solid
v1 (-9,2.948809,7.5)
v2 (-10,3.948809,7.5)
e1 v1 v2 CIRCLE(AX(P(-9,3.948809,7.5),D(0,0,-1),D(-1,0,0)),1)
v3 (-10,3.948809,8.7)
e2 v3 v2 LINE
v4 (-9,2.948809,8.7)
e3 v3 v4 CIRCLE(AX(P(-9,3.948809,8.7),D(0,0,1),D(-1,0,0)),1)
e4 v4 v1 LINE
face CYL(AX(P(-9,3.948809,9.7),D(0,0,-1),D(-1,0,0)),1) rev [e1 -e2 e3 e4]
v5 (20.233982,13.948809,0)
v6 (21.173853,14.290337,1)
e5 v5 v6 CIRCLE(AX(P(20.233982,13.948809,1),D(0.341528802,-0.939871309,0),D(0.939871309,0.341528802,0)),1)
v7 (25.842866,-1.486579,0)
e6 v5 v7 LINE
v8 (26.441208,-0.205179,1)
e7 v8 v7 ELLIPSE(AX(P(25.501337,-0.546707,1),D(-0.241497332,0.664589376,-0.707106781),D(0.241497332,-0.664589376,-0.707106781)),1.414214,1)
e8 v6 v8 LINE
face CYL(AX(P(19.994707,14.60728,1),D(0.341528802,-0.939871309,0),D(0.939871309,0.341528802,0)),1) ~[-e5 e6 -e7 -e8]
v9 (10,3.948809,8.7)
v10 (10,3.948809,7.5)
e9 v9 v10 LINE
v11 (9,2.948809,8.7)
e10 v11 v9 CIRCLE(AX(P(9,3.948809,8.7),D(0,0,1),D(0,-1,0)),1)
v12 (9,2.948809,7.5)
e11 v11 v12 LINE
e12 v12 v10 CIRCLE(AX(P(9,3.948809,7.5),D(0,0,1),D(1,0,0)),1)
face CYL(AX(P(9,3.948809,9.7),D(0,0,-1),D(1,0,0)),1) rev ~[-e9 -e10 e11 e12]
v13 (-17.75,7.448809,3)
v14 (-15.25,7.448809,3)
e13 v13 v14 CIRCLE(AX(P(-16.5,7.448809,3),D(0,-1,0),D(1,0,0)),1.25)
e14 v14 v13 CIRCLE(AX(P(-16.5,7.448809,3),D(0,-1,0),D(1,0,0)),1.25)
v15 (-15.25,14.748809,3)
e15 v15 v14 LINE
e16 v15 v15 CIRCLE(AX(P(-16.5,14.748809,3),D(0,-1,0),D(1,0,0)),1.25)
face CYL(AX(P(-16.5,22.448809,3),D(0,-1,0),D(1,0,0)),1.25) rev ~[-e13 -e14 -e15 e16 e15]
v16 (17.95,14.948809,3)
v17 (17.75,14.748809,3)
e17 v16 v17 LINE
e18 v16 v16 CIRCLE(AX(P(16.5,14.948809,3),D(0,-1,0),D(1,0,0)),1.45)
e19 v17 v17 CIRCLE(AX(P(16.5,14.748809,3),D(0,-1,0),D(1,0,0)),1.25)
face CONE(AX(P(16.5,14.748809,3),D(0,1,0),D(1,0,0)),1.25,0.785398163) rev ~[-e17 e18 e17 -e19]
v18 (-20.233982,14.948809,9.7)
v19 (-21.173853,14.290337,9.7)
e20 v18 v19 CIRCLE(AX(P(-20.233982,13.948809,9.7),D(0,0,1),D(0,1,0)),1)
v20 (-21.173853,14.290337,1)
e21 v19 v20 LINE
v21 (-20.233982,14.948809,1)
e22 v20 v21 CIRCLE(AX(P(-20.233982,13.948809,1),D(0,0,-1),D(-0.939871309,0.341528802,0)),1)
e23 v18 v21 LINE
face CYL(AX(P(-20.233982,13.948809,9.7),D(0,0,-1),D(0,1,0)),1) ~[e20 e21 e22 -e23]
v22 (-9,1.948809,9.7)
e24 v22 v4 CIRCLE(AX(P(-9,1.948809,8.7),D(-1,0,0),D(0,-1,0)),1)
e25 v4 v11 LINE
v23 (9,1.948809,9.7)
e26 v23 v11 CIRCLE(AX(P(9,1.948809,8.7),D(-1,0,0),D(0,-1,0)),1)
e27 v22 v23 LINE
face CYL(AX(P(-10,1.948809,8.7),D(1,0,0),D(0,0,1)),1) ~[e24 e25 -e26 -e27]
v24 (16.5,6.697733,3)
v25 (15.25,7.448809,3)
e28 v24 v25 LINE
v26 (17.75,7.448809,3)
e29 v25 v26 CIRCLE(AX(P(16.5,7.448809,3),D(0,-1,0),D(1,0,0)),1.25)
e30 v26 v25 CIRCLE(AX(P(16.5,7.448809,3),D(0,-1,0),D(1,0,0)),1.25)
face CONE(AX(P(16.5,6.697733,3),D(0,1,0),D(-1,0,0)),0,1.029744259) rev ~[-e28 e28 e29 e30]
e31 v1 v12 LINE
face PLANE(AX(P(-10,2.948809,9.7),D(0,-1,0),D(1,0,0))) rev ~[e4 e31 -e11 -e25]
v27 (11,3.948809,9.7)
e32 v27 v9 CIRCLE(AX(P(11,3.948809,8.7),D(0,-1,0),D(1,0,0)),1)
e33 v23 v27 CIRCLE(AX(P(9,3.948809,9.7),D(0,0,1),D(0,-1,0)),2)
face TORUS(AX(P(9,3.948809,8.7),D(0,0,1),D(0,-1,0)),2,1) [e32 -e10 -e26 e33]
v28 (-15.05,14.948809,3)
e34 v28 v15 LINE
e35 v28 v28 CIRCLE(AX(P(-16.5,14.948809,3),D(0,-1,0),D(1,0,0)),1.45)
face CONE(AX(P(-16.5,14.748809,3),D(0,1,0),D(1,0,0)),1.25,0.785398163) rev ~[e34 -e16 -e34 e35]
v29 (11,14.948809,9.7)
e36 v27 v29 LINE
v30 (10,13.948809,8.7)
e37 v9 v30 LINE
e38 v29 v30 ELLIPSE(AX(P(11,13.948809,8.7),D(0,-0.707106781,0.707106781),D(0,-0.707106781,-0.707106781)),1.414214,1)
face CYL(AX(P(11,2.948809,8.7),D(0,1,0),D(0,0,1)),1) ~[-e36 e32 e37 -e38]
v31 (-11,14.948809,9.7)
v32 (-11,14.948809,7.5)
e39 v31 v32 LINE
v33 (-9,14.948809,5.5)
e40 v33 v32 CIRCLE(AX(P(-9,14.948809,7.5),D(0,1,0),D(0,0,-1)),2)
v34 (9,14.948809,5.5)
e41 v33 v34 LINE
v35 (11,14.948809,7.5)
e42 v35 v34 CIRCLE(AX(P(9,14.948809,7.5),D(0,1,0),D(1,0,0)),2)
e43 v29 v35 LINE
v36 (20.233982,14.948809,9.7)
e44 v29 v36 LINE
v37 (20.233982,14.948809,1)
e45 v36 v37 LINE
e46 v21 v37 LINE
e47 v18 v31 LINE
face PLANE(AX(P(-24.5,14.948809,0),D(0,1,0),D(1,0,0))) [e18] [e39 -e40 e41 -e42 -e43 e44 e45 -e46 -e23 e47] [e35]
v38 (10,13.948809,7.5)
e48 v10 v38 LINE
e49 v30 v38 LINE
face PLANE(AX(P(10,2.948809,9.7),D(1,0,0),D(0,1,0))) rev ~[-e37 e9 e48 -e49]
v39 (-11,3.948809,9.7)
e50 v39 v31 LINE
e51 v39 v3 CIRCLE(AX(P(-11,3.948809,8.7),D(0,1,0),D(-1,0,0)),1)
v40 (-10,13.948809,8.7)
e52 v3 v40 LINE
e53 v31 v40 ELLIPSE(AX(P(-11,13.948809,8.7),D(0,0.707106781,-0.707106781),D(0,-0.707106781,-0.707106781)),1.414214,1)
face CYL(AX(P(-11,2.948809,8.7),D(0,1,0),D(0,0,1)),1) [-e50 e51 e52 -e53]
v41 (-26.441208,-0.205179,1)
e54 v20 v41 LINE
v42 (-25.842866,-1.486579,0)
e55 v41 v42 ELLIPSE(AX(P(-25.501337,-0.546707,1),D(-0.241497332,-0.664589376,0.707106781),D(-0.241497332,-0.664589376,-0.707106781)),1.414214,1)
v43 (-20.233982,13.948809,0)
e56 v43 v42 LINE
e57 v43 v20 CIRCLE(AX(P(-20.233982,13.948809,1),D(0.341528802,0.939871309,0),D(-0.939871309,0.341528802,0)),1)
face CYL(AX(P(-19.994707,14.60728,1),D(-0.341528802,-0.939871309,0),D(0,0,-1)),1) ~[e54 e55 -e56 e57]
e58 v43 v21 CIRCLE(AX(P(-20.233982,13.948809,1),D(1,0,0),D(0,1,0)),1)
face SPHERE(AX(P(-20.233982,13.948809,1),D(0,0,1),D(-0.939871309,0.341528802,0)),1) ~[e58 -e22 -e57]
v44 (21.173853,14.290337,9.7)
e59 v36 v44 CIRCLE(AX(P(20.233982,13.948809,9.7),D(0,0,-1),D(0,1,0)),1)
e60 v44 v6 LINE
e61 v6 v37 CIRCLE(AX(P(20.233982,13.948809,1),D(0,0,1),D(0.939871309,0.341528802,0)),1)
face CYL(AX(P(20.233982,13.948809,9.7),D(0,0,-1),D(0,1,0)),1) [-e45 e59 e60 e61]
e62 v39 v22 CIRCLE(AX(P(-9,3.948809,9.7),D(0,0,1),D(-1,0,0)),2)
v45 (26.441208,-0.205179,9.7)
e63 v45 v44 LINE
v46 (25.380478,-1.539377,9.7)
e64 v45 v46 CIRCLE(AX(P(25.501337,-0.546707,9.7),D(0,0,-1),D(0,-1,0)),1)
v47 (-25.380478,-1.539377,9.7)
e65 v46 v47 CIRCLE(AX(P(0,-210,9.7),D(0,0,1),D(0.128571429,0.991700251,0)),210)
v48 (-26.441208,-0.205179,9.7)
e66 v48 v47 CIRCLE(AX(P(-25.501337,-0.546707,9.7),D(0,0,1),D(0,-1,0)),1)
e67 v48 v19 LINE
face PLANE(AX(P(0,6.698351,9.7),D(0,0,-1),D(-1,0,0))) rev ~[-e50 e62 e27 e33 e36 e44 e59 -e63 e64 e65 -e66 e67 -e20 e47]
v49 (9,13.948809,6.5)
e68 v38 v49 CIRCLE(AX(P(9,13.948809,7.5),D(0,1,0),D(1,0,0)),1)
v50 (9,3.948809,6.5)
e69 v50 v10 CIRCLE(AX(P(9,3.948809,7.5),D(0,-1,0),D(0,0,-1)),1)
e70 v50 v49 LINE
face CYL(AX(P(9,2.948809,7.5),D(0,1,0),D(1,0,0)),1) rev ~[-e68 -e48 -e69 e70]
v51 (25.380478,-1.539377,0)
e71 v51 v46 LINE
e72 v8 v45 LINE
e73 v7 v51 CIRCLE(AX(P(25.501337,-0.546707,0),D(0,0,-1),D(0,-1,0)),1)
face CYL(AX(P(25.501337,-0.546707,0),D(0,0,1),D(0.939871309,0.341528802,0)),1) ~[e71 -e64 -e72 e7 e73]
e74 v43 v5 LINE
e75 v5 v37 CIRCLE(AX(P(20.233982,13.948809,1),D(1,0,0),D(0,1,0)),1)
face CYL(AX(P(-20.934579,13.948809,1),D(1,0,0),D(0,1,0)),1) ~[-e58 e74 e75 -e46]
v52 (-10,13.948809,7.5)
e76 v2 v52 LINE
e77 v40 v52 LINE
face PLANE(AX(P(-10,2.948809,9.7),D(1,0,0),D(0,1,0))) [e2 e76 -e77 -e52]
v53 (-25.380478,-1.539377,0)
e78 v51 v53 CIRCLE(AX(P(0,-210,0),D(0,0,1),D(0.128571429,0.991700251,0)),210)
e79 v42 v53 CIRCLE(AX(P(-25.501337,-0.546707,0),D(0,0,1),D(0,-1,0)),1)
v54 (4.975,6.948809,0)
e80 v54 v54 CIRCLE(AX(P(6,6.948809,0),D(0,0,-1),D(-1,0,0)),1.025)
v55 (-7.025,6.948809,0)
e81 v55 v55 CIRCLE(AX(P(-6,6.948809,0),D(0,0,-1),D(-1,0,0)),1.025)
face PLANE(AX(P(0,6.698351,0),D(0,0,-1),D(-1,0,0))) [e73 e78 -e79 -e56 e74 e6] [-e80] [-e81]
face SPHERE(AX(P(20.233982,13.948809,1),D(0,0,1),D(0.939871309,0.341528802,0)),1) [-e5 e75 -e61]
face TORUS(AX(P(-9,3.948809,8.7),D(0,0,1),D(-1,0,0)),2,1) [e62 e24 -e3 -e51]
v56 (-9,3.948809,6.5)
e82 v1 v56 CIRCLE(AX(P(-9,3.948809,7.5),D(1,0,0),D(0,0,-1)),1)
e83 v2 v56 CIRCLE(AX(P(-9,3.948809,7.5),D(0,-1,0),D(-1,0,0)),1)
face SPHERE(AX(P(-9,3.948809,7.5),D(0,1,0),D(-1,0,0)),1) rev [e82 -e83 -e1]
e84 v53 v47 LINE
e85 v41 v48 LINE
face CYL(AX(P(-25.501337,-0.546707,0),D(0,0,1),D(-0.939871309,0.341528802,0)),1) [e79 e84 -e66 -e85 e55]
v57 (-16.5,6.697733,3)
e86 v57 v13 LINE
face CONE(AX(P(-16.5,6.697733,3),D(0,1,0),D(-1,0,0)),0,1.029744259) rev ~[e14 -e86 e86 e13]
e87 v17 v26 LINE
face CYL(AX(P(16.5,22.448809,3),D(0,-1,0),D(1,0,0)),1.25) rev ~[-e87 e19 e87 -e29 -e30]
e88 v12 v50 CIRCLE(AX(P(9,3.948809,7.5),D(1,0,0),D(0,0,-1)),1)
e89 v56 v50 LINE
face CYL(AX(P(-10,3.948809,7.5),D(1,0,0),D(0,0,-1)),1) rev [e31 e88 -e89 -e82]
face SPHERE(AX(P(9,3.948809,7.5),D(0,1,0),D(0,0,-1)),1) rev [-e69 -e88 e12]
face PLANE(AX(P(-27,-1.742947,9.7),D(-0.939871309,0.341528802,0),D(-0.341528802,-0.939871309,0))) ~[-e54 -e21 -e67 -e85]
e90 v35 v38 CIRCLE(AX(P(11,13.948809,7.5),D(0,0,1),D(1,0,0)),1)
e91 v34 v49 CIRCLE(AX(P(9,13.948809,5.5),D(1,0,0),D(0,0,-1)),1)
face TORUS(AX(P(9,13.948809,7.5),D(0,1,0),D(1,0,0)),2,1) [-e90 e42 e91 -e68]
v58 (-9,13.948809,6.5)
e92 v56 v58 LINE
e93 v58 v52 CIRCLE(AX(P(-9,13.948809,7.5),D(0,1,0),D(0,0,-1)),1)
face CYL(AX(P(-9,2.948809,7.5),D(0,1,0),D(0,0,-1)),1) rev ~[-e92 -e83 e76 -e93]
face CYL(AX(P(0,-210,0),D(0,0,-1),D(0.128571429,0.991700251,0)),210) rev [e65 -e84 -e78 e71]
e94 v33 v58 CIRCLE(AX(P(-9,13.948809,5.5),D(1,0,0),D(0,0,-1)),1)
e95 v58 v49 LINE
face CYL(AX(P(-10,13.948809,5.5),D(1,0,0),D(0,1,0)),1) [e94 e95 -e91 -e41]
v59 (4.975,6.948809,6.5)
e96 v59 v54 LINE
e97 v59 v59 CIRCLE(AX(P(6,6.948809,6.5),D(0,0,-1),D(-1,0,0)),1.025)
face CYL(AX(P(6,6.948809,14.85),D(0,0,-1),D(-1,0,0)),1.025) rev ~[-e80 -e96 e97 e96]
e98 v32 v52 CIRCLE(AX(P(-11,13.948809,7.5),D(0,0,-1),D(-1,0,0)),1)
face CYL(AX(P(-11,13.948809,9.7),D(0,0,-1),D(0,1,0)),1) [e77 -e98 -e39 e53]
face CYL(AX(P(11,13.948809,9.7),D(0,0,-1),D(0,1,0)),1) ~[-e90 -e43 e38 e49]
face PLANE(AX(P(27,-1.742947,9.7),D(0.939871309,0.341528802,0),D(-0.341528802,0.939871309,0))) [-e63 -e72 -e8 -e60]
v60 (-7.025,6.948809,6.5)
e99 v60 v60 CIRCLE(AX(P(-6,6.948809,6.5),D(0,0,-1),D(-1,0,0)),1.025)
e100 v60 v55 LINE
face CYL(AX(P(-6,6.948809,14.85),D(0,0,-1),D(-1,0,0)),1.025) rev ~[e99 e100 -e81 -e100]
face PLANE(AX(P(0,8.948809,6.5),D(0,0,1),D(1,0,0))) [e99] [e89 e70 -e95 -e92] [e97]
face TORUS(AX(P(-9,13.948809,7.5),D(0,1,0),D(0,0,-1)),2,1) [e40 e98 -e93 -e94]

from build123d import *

# Parameters (mm, degrees)
SKETCH_1_R               = 0.5
EXTRUDE_1_DEPTH          = 9.7
HOLE_WIZARD_M3_1_D       = 2.5
HOLE_WIZARD_M3_1_DEPTH   = 7.5
HOLE_WIZARD_M3_1_TIP     = 0.751075774
CUT_EXTRUDE_2_DEPTH      = 33.35053134
CHAMFER_1_SIZE           = 0.5
CHAMFER_2_SIZE           = 0.2
SKETCH_11_W              = 20
SKETCH_11_H              = 12
CUT_EXTRUDE_3_DEPTH      = 3.2
FILLET_2_R               = 1
FILLET_3_R               = 1
HOLE_WIZARD_M2_5_3_D     = 2.05
HOLE_WIZARD_M2_5_3_DEPTH = 8.35
HOLE_WIZARD_M2_5_3_TIP   = 0.615882135


with BuildPart() as part:
    # 草图1 → 凸台-拉伸1 (new body)
    with BuildSketch(Plane.XY):
        with BuildLine():
            Line((-22, 14.94880858), (22, 14.94880858))
            Line((22, 14.94880858), (24.5, 14.94880858))
            Line((24.5, 14.94880858), (27, -1.742947298))
            ThreePointArc((27, -1.742947298), (0, 0), (-27, -1.742947298))
            Line((-27, -1.742947298), (-24.5, 14.94880858))
            Line((-24.5, 14.94880858), (-22, 14.94880858))
        make_face()
        with Locations((-6, 6.94880858)):
            Circle(SKETCH_1_R, mode=Mode.SUBTRACT)
        with Locations((6, 6.94880858)):
            Circle(SKETCH_1_R, mode=Mode.SUBTRACT)
    extrude(amount=EXTRUDE_1_DEPTH)

    # M3 螺纹孔1
    with Locations(Plane(origin=(0, 14.94880858, 0), x_dir=(-1, 0, 0), z_dir=(0, 1, 0))):
        with Locations((-16.5, 3), (16.5, 3)):
            Hole(HOLE_WIZARD_M3_1_D / 2, depth=HOLE_WIZARD_M3_1_DEPTH)
            with Locations((0, 0, -(HOLE_WIZARD_M3_1_DEPTH + HOLE_WIZARD_M3_1_TIP / 2))):  # 118° drill point
                Cone(0, HOLE_WIZARD_M3_1_D / 2, HOLE_WIZARD_M3_1_TIP, mode=Mode.SUBTRACT)

    # 草图10 → 切除-拉伸2 (cut, through all)
    with BuildSketch(Plane.XY.offset(9.7)):
        Polygon((27, -1.742947298), (20.914837438, 15.00313582), (24.5, 14.94880858), align=None)
    cut_extrude_2 = extrude(amount=-CUT_EXTRUDE_2_DEPTH, mode=Mode.SUBTRACT)

    # 镜向1: 切除-拉伸2 across plane
    add(cut_extrude_2.mirror(Plane(origin=(0, 0, 0), x_dir=(0, 0, 1), z_dir=(1, 0, 0))), mode=Mode.SUBTRACT)

    # 倒角1
    chamfer_1_edges = [part.edges().sort_by_distance(p)[0] for p in [
        (-6.5, 6.94880858, 0),
        (-6.5, 6.94880858, 9.7),
        (5.5, 6.94880858, 0),
        (5.5, 6.94880858, 9.7),
    ]]
    chamfer(chamfer_1_edges, length=CHAMFER_1_SIZE)

    # 倒角2
    chamfer_2_edges = [part.edges().sort_by_distance(p)[0] for p in [
        (-17.75, 14.94880858, 3),
        (15.25, 14.94880858, 3),
    ]]
    chamfer(chamfer_2_edges, length=CHAMFER_2_SIZE)

    # 草图11 → 切除-拉伸3 (cut)
    with BuildSketch(Plane.XY.offset(9.7)):
        with Locations((0, 8.94880858)):
            Rectangle(SKETCH_11_W, SKETCH_11_H)
    extrude(amount=-CUT_EXTRUDE_3_DEPTH, mode=Mode.SUBTRACT)

    # 圆角2
    fillet_2_edges = [part.edges().sort_by_distance(p)[0] for p in [
        (-10, 8.94880858, 6.5),
        (-10, 2.94880858, 8.1),
        (0, 14.94880858, 6.5),
        (-10, 14.94880858, 8.1),
        (10, 8.94880858, 6.5),
        (10, 14.94880858, 8.1),
        (0, 2.94880858, 6.5),
        (10, 2.94880858, 8.1),
        (-10, 8.94880858, 9.7),
        (0, 2.94880858, 9.7),
        (10, 8.94880858, 9.7),
    ]]
    fillet(fillet_2_edges, radius=FILLET_2_R)

    # 圆角3
    fillet_3_edges = [part.edges().sort_by_distance(p)[0] for p in [
        (27, -1.742947298, 4.85),
        (-27, -1.742947298, 4.85),
        (0, 14.94880858, 0),
        (20.934578776, 14.94880858, 4.85),
        (23.967289388, 6.602930641, 0),
        (-20.934578776, 14.94880858, 4.85),
        (-23.967289388, 6.602930641, 0),
    ]]
    fillet(fillet_3_edges, radius=FILLET_3_R)

    # M2.5 螺纹孔3
    with Locations(Plane(origin=(6, 6.94880858, 6.5), x_dir=(1, 0, 0), z_dir=(0, 0, 1))):
        with Locations((0, 0), (-12, 0)):
            Hole(HOLE_WIZARD_M2_5_3_D / 2, depth=HOLE_WIZARD_M2_5_3_DEPTH)
            with Locations((0, 0, -(HOLE_WIZARD_M2_5_3_DEPTH + HOLE_WIZARD_M2_5_3_TIP / 2))):  # 118° drill point
                Cone(0, HOLE_WIZARD_M2_5_3_D / 2, HOLE_WIZARD_M2_5_3_TIP, mode=Mode.SUBTRACT)


solid = part.part
